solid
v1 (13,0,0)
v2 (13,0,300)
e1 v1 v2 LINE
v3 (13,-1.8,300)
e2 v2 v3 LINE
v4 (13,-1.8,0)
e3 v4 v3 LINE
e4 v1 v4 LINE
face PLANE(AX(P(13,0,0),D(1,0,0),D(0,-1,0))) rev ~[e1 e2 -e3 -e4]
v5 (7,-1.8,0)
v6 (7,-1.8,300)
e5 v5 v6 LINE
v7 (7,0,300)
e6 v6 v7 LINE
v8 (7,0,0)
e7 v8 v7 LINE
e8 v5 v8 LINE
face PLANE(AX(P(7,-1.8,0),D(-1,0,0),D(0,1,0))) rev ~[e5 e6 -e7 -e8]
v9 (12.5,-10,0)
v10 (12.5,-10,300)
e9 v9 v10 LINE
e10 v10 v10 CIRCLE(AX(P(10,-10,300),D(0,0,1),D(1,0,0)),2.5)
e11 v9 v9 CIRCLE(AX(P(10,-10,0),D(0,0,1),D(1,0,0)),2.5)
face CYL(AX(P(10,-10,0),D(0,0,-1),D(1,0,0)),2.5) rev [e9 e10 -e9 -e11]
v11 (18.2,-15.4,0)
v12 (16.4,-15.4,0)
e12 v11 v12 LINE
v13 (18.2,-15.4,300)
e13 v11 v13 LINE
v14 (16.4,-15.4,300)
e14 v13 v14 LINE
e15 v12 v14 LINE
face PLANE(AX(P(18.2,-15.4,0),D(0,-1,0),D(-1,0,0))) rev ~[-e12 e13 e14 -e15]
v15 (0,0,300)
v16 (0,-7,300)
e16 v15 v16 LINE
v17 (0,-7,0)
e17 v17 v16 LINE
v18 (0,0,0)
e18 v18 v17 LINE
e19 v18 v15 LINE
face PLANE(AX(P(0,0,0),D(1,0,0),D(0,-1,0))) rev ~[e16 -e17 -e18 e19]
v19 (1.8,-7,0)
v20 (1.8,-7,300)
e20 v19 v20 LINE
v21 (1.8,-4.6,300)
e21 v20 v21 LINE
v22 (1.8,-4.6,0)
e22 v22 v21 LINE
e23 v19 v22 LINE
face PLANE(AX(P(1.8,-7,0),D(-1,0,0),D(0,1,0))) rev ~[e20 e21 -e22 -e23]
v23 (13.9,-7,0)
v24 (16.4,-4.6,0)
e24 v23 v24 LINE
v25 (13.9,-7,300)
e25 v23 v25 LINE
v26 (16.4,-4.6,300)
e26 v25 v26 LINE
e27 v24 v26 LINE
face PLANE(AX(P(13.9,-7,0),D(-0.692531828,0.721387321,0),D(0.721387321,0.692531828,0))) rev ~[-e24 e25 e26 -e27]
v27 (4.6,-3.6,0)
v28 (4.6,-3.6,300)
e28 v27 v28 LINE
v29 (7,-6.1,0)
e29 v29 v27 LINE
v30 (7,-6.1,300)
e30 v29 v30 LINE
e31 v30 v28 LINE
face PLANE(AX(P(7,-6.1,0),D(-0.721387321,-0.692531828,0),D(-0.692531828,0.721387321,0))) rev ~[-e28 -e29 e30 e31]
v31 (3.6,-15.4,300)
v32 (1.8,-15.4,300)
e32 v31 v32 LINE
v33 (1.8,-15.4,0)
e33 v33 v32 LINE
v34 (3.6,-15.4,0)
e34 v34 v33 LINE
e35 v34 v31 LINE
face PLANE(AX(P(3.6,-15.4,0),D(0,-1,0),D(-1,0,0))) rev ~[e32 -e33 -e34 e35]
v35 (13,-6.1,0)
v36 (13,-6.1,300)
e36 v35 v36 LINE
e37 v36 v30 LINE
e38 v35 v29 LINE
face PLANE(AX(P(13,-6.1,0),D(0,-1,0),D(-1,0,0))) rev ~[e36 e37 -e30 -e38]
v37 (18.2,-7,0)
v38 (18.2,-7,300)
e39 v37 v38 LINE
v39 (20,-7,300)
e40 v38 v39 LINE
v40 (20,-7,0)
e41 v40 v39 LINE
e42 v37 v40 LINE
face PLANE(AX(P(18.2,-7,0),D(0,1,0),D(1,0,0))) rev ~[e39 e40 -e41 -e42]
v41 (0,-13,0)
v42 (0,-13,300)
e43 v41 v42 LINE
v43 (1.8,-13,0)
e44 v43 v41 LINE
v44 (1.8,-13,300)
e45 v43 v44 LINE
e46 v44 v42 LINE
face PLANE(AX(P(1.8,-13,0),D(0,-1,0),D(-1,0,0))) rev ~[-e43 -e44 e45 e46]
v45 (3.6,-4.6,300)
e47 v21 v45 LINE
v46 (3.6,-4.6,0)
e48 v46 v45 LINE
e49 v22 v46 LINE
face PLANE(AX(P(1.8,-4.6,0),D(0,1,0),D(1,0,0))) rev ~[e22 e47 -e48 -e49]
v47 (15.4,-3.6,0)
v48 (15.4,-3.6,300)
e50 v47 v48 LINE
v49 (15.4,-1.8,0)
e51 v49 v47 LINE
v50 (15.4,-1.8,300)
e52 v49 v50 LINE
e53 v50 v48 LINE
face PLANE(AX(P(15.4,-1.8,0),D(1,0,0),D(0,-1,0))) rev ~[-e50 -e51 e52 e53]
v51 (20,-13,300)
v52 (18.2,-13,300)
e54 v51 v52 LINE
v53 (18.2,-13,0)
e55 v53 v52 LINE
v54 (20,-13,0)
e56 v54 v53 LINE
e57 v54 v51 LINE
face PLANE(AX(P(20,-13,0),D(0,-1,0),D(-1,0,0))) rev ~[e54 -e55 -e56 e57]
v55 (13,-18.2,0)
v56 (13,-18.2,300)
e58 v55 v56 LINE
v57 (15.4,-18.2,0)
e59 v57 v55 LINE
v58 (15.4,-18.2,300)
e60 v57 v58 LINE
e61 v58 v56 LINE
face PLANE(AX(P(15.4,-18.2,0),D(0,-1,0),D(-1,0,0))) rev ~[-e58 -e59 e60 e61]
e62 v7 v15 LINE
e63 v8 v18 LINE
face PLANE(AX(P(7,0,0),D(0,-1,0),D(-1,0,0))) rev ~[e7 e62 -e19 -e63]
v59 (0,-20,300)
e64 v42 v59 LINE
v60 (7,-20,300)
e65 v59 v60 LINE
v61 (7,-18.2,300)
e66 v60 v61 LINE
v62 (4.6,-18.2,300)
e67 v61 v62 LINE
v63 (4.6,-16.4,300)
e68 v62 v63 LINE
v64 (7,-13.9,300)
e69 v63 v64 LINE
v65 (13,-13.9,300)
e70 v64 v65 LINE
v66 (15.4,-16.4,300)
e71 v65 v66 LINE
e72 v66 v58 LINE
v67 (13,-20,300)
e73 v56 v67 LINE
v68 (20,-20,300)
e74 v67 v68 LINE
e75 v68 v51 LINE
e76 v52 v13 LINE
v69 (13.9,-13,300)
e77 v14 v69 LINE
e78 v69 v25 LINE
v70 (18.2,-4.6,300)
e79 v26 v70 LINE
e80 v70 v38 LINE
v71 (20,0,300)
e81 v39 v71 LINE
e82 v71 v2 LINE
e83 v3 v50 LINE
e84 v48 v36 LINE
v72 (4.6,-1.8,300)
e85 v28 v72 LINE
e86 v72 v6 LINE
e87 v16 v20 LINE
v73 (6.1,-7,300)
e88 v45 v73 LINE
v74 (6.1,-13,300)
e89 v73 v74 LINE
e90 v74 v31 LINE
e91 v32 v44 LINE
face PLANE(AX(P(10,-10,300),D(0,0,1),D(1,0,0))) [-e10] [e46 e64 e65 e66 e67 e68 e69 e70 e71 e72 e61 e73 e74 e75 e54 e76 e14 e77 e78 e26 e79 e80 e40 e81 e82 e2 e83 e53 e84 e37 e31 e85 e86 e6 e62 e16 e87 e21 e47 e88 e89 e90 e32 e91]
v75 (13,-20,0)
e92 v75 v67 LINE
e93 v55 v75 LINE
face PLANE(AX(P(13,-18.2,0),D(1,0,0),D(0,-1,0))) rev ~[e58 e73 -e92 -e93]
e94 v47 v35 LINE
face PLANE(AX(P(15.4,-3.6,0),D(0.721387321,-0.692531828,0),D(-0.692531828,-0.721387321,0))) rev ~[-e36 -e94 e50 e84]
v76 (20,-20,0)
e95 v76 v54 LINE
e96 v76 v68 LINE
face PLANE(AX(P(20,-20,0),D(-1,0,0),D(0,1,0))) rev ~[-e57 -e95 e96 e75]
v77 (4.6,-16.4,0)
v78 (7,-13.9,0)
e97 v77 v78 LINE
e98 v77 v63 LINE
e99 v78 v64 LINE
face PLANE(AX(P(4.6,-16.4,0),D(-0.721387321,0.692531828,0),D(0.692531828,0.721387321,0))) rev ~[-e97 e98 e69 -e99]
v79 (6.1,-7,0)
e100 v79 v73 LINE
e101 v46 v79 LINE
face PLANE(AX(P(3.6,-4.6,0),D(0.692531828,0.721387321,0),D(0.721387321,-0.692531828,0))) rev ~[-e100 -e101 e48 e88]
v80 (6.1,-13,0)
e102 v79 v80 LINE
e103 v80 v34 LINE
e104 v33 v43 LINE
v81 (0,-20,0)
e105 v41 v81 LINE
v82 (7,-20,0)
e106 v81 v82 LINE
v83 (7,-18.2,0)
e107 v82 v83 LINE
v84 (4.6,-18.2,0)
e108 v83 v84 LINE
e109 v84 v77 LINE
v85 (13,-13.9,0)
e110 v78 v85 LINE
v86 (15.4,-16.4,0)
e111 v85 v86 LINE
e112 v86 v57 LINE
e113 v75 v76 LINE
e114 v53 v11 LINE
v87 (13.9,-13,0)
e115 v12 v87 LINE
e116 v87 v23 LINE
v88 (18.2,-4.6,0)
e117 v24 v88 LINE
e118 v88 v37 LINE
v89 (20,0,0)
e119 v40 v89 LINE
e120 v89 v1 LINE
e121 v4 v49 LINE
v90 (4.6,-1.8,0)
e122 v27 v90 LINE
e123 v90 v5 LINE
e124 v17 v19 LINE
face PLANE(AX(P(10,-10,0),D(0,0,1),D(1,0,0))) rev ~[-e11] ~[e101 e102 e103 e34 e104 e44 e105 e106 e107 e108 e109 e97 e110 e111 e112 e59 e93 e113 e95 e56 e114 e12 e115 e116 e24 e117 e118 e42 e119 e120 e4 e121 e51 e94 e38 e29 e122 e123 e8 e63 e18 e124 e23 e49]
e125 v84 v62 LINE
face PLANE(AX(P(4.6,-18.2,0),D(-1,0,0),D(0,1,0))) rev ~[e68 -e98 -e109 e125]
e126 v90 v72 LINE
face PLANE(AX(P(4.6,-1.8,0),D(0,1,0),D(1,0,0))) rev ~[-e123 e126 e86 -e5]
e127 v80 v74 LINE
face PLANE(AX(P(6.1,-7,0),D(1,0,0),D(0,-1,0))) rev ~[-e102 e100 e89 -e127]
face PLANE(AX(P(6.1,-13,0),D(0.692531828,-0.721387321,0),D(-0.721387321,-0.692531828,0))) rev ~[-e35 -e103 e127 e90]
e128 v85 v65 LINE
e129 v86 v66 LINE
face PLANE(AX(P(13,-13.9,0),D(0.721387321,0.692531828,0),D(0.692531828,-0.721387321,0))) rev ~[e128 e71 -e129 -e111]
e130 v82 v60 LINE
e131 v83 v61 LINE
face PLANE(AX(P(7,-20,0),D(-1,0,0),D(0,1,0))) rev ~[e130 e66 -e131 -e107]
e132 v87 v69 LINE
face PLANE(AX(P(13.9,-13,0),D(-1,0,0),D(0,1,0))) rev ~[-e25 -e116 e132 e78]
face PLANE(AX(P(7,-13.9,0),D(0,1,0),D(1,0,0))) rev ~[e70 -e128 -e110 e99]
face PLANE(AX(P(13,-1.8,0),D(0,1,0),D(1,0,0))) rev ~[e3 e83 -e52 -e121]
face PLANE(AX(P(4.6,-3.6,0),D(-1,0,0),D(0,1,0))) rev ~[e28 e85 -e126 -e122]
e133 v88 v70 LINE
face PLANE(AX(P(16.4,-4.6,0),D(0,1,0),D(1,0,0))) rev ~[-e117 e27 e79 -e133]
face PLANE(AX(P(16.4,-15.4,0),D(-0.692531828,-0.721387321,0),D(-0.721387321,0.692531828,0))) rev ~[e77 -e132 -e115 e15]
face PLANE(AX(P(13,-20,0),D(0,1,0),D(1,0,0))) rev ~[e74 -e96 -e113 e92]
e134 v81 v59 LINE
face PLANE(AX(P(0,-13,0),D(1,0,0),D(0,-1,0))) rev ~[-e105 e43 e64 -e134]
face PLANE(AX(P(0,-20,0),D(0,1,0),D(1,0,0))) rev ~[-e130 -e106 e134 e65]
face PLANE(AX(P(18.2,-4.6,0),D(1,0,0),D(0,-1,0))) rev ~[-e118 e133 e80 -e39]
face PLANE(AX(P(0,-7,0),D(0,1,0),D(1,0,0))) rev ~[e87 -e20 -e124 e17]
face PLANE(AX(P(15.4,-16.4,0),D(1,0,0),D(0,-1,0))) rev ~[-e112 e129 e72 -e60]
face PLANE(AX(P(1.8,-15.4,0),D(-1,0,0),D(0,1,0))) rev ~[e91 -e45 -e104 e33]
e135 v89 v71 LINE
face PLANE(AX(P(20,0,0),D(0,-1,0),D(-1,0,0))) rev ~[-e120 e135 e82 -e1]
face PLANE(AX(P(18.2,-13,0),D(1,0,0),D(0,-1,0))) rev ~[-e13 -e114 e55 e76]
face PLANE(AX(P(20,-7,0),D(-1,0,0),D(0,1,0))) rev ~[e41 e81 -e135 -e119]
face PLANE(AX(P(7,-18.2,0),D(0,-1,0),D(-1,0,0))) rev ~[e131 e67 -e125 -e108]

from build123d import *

# Parameters (mm, degrees)
SKETCH2_R           = 2.5
BOSS_EXTRUDE1_DEPTH = 300


with BuildPart() as part:
    # Sketch2 → Boss-Extrude1 (new body)
    with BuildSketch(Plane.XY):
        Polygon((7, -1.8), (7, 0), (0, 0), (0, -7), (0.4, -7), (1.8, -7), (1.8, -4.6), (2.2, -4.6), (3.6, -4.6), (6.1, -7), (6.1, -13), (3.6, -15.4), (1.8, -15.4), (1.8, -13), (0.4, -13), (0, -13), (0, -20), (7, -20), (7, -18.2), (4.6, -18.2), (4.6, -16.4), (7, -13.9), (7.016, -13.9), (13, -13.9), (15.4, -16.4), (15.4, -18.2), (13, -18.2), (13, -19.6), (13, -20), (20, -20), (20, -13), (18.2, -13), (18.2, -15), (18.2, -15.4), (16.4, -15.4), (13.9, -13), (13.9, -12.6), (13.9, -7), (16.4, -4.6), (18.2, -4.6), (18.2, -7), (20, -7), (20, -6.6), (20, 0), (13, 0), (13, -1.8), (15.4, -1.8), (15.4, -3.6), (13, -6.1), (7, -6.1), (4.6, -3.6), (4.6, -1.8), align=None)
        with Locations((10, -10)):
            Circle(SKETCH2_R, mode=Mode.SUBTRACT)
    extrude(amount=BOSS_EXTRUDE1_DEPTH)


solid = part.part
